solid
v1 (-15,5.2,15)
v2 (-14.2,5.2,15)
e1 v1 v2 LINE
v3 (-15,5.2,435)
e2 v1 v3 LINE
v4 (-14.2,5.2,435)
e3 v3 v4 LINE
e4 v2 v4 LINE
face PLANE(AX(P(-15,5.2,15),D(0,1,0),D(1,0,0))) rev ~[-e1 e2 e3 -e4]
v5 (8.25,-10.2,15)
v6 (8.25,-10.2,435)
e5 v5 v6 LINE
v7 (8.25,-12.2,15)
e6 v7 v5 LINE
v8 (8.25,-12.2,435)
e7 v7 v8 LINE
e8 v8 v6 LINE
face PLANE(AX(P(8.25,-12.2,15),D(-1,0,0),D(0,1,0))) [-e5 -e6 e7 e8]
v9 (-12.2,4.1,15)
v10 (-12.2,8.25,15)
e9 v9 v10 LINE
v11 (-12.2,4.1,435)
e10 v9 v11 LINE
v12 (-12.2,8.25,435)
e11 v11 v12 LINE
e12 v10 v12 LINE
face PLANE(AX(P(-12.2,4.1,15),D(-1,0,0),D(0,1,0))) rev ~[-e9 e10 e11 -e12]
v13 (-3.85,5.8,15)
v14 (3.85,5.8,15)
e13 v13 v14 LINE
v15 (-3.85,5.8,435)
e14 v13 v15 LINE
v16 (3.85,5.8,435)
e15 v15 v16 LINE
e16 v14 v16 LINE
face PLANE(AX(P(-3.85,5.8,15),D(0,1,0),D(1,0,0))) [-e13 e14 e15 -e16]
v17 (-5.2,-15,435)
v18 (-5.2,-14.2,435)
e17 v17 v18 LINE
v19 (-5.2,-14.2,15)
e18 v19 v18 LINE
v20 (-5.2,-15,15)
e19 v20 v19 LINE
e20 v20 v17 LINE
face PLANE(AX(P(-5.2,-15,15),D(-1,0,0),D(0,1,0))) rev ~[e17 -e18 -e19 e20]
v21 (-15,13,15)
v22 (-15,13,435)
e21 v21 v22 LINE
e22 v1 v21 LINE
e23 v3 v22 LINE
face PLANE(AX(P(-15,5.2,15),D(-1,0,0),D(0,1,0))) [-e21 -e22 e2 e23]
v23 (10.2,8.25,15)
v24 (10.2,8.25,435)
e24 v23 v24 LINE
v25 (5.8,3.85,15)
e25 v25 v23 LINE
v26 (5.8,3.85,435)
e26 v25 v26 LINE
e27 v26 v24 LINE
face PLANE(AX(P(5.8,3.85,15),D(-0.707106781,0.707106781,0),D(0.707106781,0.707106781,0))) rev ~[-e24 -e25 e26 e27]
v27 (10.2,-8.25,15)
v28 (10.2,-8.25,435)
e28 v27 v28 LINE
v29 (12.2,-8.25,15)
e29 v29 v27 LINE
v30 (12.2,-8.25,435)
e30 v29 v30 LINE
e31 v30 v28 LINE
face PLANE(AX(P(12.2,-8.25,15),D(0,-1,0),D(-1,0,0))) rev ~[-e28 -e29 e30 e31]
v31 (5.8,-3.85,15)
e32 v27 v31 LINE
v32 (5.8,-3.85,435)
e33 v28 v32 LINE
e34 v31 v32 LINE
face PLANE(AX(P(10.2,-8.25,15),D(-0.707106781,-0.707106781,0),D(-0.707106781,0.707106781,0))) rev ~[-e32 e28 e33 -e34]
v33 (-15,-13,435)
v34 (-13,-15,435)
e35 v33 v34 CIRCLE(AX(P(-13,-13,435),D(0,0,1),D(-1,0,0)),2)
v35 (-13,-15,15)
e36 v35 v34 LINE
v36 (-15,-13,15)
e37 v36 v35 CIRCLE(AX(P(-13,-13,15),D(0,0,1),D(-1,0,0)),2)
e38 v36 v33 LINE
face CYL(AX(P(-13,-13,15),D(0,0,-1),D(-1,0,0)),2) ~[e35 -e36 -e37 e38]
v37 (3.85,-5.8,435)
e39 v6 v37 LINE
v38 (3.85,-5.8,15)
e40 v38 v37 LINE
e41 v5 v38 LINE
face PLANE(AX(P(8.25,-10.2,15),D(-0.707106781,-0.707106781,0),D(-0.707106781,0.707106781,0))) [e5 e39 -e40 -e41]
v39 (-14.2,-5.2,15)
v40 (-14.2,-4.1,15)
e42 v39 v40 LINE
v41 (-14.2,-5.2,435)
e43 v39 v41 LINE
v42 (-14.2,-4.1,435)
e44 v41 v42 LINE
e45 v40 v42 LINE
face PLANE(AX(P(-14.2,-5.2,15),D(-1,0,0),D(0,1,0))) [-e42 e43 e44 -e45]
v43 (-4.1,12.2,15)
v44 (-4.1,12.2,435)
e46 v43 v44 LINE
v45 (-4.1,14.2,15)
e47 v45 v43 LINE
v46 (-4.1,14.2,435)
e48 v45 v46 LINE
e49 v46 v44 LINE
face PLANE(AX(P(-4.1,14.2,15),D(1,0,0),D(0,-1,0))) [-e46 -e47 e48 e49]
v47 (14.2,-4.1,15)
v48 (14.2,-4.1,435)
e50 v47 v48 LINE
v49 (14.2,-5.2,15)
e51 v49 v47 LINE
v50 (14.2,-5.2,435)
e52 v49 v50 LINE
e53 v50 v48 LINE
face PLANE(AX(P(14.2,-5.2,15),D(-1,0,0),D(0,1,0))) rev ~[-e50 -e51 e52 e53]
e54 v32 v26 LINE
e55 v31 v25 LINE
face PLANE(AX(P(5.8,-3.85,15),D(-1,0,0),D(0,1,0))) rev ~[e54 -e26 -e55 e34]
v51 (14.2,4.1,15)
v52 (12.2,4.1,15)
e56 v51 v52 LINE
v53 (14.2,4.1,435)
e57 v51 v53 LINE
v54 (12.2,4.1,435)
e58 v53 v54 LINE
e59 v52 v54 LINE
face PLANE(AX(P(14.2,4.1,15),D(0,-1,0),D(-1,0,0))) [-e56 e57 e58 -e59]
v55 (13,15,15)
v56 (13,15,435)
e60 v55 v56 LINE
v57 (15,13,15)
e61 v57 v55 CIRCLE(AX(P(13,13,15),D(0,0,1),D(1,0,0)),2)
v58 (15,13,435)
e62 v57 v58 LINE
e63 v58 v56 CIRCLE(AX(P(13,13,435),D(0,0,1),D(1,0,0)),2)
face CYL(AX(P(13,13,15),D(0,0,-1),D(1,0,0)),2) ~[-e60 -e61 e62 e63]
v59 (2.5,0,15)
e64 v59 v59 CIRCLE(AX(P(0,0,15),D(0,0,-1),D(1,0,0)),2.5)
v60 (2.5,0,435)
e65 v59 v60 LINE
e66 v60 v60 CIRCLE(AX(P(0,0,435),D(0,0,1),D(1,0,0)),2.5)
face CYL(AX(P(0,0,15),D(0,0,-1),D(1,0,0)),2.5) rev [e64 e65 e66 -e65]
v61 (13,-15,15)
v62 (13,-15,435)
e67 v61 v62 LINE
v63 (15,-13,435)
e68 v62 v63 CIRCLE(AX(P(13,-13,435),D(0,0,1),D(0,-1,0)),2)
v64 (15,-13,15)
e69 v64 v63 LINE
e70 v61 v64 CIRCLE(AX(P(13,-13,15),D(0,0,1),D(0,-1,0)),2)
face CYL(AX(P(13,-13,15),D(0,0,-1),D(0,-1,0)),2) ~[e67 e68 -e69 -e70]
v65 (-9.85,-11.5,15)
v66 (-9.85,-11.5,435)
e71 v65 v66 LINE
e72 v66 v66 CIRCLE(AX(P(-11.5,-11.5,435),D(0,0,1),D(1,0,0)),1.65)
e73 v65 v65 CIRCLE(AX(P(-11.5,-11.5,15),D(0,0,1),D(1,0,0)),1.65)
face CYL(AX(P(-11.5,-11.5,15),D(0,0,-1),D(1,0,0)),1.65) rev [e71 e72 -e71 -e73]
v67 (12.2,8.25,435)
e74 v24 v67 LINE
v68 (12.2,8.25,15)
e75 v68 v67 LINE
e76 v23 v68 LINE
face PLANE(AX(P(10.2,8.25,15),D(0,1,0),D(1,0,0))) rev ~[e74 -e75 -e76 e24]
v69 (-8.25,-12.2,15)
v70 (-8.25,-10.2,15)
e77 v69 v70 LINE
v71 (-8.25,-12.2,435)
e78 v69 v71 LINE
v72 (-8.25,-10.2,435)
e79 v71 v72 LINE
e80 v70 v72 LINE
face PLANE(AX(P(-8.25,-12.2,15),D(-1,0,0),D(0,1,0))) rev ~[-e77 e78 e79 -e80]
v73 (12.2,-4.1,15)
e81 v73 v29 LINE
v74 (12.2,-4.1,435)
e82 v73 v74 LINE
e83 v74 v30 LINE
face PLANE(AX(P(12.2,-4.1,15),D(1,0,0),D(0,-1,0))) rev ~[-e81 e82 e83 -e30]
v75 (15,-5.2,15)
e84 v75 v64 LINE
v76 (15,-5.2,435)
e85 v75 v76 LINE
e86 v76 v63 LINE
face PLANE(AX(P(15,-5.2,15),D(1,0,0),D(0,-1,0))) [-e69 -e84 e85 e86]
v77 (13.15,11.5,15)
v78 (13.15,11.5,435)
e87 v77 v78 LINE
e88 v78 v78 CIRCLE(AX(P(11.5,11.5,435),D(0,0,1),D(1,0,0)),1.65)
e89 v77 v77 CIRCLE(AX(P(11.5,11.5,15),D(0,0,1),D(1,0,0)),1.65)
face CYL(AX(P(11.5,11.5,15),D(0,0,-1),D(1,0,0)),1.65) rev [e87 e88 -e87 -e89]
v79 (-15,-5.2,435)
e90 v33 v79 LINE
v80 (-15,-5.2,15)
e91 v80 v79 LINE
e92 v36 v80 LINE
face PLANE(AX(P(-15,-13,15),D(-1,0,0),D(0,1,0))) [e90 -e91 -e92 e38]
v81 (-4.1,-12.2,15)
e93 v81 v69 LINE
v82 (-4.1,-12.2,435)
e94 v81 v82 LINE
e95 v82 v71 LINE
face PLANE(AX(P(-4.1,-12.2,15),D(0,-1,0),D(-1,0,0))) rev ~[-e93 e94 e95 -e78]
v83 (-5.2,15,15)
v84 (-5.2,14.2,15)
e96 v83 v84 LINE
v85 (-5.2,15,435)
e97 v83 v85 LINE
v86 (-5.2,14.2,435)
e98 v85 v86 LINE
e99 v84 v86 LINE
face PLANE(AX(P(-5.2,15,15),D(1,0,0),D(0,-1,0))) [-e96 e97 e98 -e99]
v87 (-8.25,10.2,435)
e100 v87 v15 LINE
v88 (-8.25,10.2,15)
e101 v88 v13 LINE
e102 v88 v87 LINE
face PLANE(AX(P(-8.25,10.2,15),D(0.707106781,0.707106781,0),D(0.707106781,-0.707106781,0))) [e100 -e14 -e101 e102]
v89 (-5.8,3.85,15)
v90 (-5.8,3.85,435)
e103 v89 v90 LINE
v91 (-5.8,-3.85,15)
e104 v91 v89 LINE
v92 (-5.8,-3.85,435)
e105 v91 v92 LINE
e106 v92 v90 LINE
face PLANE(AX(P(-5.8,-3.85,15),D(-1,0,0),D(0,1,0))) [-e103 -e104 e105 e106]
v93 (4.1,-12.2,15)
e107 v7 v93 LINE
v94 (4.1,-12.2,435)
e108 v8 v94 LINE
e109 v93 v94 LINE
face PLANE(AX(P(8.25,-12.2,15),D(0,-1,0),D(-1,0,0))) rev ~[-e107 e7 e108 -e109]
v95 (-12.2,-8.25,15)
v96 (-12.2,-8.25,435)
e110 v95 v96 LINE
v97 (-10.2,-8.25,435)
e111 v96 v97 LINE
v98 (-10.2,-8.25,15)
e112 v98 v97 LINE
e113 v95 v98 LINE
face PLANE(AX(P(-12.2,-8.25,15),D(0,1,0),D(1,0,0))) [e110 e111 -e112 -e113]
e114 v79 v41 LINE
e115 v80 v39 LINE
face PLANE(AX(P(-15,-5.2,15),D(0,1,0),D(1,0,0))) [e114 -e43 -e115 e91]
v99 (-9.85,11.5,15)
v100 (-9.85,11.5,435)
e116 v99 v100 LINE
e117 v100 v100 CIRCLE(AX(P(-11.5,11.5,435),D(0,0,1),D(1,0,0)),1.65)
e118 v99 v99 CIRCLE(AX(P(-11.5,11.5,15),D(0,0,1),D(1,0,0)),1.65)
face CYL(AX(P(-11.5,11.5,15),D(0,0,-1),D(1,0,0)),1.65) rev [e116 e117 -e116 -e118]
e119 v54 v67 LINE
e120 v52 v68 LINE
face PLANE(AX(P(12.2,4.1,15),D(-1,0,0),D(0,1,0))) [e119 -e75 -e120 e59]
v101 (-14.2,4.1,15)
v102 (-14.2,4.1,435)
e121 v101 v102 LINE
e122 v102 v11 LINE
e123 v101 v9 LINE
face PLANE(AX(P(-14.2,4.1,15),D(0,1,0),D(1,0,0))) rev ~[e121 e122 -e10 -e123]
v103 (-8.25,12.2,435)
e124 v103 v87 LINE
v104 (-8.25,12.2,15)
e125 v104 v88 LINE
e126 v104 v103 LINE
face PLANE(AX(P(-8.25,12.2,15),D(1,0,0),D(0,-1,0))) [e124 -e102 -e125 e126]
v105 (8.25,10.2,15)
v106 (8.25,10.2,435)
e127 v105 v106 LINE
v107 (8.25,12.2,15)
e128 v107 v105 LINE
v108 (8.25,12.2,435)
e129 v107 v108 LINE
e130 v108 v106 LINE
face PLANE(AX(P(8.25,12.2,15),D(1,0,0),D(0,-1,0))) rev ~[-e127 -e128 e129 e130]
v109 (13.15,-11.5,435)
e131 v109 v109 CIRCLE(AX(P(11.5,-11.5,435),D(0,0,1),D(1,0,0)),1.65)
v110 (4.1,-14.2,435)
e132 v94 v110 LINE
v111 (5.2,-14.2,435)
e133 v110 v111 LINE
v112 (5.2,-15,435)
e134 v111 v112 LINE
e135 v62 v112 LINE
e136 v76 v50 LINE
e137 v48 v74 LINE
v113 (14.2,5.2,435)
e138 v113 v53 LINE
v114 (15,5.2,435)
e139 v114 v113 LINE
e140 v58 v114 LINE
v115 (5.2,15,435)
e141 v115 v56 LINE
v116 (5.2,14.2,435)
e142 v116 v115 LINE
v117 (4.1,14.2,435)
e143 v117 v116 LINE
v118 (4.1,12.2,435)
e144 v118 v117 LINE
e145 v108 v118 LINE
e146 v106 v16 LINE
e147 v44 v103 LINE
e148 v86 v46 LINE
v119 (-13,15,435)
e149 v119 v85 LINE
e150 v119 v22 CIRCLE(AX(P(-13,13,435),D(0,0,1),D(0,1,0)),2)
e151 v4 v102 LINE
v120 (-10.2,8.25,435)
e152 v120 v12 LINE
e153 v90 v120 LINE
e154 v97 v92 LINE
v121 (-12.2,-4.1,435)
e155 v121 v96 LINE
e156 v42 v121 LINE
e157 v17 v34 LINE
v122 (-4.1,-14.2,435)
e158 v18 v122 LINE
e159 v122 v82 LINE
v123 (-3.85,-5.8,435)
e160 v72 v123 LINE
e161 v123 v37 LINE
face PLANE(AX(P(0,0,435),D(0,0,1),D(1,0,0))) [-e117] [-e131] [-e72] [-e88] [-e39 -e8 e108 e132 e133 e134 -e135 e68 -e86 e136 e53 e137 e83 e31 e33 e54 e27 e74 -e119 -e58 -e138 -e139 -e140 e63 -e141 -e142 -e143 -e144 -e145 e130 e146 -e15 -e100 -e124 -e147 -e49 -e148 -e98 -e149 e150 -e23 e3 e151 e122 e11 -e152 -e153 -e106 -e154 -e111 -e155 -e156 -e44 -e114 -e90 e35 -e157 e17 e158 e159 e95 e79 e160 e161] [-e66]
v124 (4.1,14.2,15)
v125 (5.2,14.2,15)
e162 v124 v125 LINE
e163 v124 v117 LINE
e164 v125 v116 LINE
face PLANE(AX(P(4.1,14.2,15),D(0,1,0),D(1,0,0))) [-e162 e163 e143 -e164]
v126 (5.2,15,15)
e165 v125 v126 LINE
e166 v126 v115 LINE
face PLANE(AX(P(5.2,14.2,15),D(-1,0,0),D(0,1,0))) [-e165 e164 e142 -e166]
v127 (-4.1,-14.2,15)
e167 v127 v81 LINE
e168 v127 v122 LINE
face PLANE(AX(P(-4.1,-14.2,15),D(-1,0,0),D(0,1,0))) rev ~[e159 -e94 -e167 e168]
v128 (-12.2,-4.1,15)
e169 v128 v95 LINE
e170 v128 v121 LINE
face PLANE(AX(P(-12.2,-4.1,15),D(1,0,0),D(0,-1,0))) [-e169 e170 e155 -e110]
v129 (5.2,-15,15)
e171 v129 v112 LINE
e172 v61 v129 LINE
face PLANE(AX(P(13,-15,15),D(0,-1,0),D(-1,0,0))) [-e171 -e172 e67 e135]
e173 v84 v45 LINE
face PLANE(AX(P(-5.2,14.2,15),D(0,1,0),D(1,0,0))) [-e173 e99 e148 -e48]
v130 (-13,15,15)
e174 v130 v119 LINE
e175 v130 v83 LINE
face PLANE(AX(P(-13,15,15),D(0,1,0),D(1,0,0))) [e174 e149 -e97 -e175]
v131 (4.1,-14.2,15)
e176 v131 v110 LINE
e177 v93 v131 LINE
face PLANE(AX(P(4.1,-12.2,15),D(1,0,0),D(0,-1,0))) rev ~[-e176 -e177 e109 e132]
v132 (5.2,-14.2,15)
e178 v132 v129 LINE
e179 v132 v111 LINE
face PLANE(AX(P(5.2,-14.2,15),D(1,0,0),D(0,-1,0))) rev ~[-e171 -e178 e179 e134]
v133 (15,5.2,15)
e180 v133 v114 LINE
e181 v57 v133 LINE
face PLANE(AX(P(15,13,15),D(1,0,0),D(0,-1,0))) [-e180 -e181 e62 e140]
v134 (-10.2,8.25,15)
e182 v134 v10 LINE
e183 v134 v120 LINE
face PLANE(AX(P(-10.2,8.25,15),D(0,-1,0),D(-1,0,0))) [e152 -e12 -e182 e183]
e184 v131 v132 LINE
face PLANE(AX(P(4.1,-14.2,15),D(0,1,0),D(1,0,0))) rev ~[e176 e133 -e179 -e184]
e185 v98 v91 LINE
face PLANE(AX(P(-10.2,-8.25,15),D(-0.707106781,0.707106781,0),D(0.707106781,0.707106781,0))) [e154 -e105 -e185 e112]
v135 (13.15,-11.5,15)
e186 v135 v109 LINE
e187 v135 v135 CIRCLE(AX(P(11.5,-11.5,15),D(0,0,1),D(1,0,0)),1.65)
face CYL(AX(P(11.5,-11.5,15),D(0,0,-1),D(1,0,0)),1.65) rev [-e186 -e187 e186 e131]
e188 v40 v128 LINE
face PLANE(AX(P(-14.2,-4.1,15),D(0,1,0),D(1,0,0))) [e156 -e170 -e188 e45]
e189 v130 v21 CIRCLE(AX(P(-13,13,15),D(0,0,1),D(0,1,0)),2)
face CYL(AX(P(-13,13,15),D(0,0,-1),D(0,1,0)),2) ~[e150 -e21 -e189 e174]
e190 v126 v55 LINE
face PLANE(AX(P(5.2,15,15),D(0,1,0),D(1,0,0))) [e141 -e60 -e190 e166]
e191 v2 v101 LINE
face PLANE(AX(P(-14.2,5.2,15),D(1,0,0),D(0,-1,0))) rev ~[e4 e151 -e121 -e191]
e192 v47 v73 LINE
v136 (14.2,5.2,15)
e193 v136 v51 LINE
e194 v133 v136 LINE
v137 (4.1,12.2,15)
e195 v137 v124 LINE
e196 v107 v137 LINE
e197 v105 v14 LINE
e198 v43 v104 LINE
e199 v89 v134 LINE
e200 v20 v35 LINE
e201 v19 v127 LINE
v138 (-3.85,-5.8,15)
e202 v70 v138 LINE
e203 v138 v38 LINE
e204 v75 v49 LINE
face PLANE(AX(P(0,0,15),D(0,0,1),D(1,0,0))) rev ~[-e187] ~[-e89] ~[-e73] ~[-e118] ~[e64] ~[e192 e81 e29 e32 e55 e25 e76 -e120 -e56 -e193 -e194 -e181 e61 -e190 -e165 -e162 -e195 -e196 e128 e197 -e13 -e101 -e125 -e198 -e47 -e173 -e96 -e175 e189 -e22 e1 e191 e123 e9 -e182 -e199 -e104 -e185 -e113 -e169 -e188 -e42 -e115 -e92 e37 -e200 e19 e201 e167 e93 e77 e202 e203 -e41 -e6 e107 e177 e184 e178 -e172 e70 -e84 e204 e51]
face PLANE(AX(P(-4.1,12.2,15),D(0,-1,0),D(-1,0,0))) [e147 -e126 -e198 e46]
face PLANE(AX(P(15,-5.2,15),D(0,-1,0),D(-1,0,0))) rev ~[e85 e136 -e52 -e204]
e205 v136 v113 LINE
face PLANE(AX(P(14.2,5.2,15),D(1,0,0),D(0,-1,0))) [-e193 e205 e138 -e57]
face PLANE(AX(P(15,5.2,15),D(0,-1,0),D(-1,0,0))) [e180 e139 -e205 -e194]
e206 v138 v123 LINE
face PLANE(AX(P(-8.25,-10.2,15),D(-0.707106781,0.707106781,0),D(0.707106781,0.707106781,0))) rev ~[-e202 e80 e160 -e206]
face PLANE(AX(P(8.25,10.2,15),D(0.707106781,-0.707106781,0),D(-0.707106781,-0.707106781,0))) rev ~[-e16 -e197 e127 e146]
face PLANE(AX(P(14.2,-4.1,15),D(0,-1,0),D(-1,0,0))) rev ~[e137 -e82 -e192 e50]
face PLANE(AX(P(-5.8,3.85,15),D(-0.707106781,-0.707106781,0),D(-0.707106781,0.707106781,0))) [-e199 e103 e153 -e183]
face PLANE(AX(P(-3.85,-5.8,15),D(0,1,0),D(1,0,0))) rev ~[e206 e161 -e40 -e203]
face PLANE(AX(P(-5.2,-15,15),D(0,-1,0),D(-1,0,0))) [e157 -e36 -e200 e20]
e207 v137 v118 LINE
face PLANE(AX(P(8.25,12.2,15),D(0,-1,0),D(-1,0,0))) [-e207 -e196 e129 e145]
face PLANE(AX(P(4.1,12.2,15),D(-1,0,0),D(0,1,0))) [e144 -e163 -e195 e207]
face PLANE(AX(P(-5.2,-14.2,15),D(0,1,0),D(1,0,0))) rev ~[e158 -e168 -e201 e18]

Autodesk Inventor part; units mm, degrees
sketch "Sketch" plane through (0, 0, 0) normal (0, 0, 1) x (1, 0, 0)
  line L0 (-13, 15) -> (13, 15)
  line L1 (15, 13) -> (15, -13)
  line L2 (-15, 15) -> (15, -15) construction
  line L3 (15, 15) -> (-15, -15) construction
  line L4 (-5.2, 15) -> (-5.2, 14.2)
  line L5 (-5.2, 14.2) -> (-4.1, 14.2)
  line L6 (-4.1, 14.2) -> (-4.1, 12.2)
  line L7 (-4.1, 12.2) -> (-8.25, 12.2)
  line L8 (-8.25, 12.2) -> (-8.25, 10.2)
  line L9 (-8.25, 10.2) -> (-3.85, 5.8)
  line L10 (-3.85, 5.8) -> (3.85, 5.8)
  line L11 (8.25, 12.2) -> (4.1, 12.2)
  line L12 (4.1, 12.2) -> (4.1, 14.2)
  line L13 (4.1, 14.2) -> (5.2, 14.2)
  line L14 (5.2, 14.2) -> (5.2, 15)
  line L15 (8.25, 12.2) -> (8.25, 10.2)
  line L16 (8.25, 10.2) -> (3.85, 5.8)
  line L17 (-2.5, 0) -> (0, 0)
  line L18 (-5.2, -15) -> (-5.2, -14.2)
  line L19 (-5.2, -14.2) -> (-4.1, -14.2)
  line L20 (-4.1, -14.2) -> (-4.1, -12.2)
  line L21 (-4.1, -12.2) -> (-8.25, -12.2)
  line L22 (-8.25, -12.2) -> (-8.25, -10.2)
  line L23 (-8.25, -10.2) -> (-3.85, -5.8)
  line L24 (-3.85, -5.8) -> (3.85, -5.8)
  line L25 (8.25, -12.2) -> (4.1, -12.2)
  line L26 (4.1, -12.2) -> (4.1, -14.2)
  line L27 (4.1, -14.2) -> (5.2, -14.2)
  line L28 (5.2, -14.2) -> (5.2, -15)
  line L29 (8.25, -12.2) -> (8.25, -10.2)
  line L30 (8.25, -10.2) -> (3.85, -5.8)
  line L31 (15, 5.2) -> (14.2, 5.2)
  line L32 (14.2, 5.2) -> (14.2, 4.1)
  line L33 (14.2, 4.1) -> (12.2, 4.1)
  line L34 (12.2, 4.1) -> (12.2, 8.25)
  line L35 (15, -5.2) -> (14.2, -5.2)
  line L36 (14.2, -5.2) -> (14.2, -4.1)
  line L37 (14.2, -4.1) -> (12.2, -4.1)
  line L38 (12.2, -4.1) -> (12.2, -8.25)
  line L39 (12.2, -8.25) -> (10.2, -8.25)
  line L40 (10.2, -8.25) -> (5.8, -3.85)
  line L41 (5.8, -3.85) -> (5.8, 3.85)
  line L42 (5.8, 3.85) -> (10.2, 8.25)
  line L43 (10.2, 8.25) -> (12.2, 8.25)
  line L44 (-15, 5.2) -> (-14.2, 5.2)
  line L45 (-14.2, 5.2) -> (-14.2, 4.1)
  line L46 (-14.2, 4.1) -> (-12.2, 4.1)
  line L47 (-12.2, 4.1) -> (-12.2, 8.25)
  line L48 (-15, -5.2) -> (-14.2, -5.2)
  line L49 (-14.2, -5.2) -> (-14.2, -4.1)
  line L50 (-14.2, -4.1) -> (-12.2, -4.1)
  line L51 (-12.2, -4.1) -> (-12.2, -8.25)
  line L52 (-12.2, -8.25) -> (-10.2, -8.25)
  line L53 (-10.2, -8.25) -> (-5.8, -3.85)
  line L54 (-5.8, -3.85) -> (-5.8, 3.85)
  line L55 (-5.8, 3.85) -> (-10.2, 8.25)
  line L56 (-10.2, 8.25) -> (-12.2, 8.25)
  circle A0 centre (11.5, 11.5) radius 1.65
  circle A1 centre (11.5, -11.5) radius 1.65
  circle A2 centre (-11.5, 11.5) radius 1.65
  circle A3 centre (-11.5, -11.5) radius 1.65
  line L57 (-15, -13) -> (-15, -5.2)
  line L58 (-15, 5.2) -> (-15, 13)
  line L59 (13, -15) -> (5.2, -15)
  line L60 (-5.2, -15) -> (-13, -15)
  arc A4 (-13, 15) -> (-15, 13) centre (-13, 13) ccw
  arc A5 (15, 13) -> (13, 15) centre (13, 13) ccw
  arc A6 (13, -15) -> (15, -13) centre (13, -13) ccw
  arc A7 (-15, -13) -> (-13, -15) centre (-13, -13) ccw
  circle A8 centre (0, 0) radius 2.5
  point P0 (0, 0)
  point P1 (0, 5.8)
  point P2 (0, -2.5)
  point P3 (0, 2.5)
  dimension "d2" = 8.2
  dimension "d3" = 4.1
  dimension "d4" = 10.4
  dimension "d5" = 5.2
  dimension "d8" = 9.2
  dimension "d11" = 16.5
  dimension "d12" = 8.25
  dimension "d14" = 0.8
  dimension "d15" = 2
  dimension "d16" = 2
  dimension "d34" = 0.8
  dimension "d35" = 10.4
  dimension "d36" = 5.2
  dimension "d37" = 8.2
  dimension "d38" = 4.1
  dimension "d39" = 2
  dimension "d40" = 16.5
  dimension "d41" = 8.25
  dimension "d42" = 2
  dimension "d43" = 9.2
  dimension "d44" = 23
  dimension "d45" = 11.5
  dimension "d46" = 23
  dimension "d48" = 3.3
  dimension "d55" = 2
  dimension "d62" = 5
  dimension "d65" = 11.5
  dimension "d66" = 6.4
  dimension "d67" = 3.25
  dimension "d68" = 4.15
  dimension "d69" = 0.8
  dimension "d70" = 2
  dimension "d71" = 2.7577
  dimension "d72" = 5.8
  dimension "d73" = 2.7577
  dimension "d74" = 4.15
  dimension "d75" = 2
  dimension "d76" = 3.25
  dimension "d77" = 2
  dimension "d78" = 1.1
  dimension "d79" = 0.8
  dimension "d80" = 135
  dimension "d81" = 2
  dimension "d82" = 1.1
  dimension "d83" = 7.4
  dimension "d84" = 7.4
  dimension "d85" = 6.4
  dimension "d86" = 6.3
ref_plane "Work Plane3" through (0, 0, 250) normal (0, 0, 1) x (1, 0, 0)
ref_plane "Start Plane" through (0, 0, 0) normal (0, 0, 1) x (1, 0, 0)
ref_plane "End Plane" through (0, 0, 450) normal (0, 0, 1) x (1, 0, 0)
ref_plane "Start Plane1" through (0, 0, 0) normal (0, 0, 1) x (1, 0, 0)
ref_plane "End Plane1" through (0, 0, 450) normal (0, 0, 1) x (1, 0, 0)
ref_plane "Start Plane2" through (0, 0, 15) normal (0, 0, 1) x (1, 0, 0)
ref_plane "End Plane2" through (0, 0, 435) normal (0, 0, 1) x (1, 0, 0)
extrude "Body" add sketch "Sketch" along normal up to surface (420 mm away) from surface at 15 contours L0 L4 L5 L6 L7 L8 L9 L10 L16 L15 L11 L12 L13 L14 A5 L1 L31 L32 L33 L34 L43 L42 L41 L40 L39 L38 L37 L36 L35 A6 L59 L28 L27 L26 L25 L29 L30 L24 L23 L22 L21 L20 L19 L18 L60 A7 L57 L48 L49 L50 L51 L52 L53 L54 L55 L56 L47 L46 L45 L44 L58 A4
sketch "Sketch7" plane through (0, 0, 0) normal (0, 0, 1) x (1, 0, 0)
  line L0 (0, 0) -> (10, 0)
ref_plane "Work Plane10" through (0, 0, 0) normal (0, -1, 0) x (1, 0, 0)
sketch "Sketch8" plane through (0, 0, 0) normal (0, -1, 0) x (1, 0, 0)
  line L0 (-2, 15) -> (12, 15)
  line L1 (-2, 435) -> (12, 435)
  dimension "d100" = 420
ref_plane "Work Plane11" through (-225, 5.2, 435) normal (0, 0, 1) x (1, 0, 0)
split "Split1" plane through (-225, 5.2, 435) removes the side toward (0, 0, 1)
ref_plane "Work Plane12" through (225, -13, 15) normal (0, 0, -1) x (-1, 0, 0)
split "Split2" plane through (225, -13, 15) removes the side toward (0, 0, -1)
equation "\"d3\" = 0.5 * d2"
equation "\"d5\" = 0.5 * d4"
equation "\"d12\" = 0.5 * d11"
equation "\"d36\" = 0.5 * d35"
equation "\"d38\" = 0.5 * d37"
equation "\"d41\" = 0.5 * d40"
equation "\"d45\" = 0.5 * d44"
equation "\"G_OFFSET_START\" = 0"
equation "\"G_OFFSET_END\" = 0"
equation "\"G_L\" = 500"
equation "\"G_OFFSET_START1\" = 0"
equation "\"G_OFFSET_END1\" = 0"
equation "\"G_OFFSET_START2\" = -15"
equation "\"G_OFFSET_END2\" = -15"
equation "\"d95\" = -G_OFFSET_START2"
equation "\"d96\" = Length + G_OFFSET_END2"
equation "\"Length\" = 450"
properties part number "420 mm" material "Aluminum 6061"
